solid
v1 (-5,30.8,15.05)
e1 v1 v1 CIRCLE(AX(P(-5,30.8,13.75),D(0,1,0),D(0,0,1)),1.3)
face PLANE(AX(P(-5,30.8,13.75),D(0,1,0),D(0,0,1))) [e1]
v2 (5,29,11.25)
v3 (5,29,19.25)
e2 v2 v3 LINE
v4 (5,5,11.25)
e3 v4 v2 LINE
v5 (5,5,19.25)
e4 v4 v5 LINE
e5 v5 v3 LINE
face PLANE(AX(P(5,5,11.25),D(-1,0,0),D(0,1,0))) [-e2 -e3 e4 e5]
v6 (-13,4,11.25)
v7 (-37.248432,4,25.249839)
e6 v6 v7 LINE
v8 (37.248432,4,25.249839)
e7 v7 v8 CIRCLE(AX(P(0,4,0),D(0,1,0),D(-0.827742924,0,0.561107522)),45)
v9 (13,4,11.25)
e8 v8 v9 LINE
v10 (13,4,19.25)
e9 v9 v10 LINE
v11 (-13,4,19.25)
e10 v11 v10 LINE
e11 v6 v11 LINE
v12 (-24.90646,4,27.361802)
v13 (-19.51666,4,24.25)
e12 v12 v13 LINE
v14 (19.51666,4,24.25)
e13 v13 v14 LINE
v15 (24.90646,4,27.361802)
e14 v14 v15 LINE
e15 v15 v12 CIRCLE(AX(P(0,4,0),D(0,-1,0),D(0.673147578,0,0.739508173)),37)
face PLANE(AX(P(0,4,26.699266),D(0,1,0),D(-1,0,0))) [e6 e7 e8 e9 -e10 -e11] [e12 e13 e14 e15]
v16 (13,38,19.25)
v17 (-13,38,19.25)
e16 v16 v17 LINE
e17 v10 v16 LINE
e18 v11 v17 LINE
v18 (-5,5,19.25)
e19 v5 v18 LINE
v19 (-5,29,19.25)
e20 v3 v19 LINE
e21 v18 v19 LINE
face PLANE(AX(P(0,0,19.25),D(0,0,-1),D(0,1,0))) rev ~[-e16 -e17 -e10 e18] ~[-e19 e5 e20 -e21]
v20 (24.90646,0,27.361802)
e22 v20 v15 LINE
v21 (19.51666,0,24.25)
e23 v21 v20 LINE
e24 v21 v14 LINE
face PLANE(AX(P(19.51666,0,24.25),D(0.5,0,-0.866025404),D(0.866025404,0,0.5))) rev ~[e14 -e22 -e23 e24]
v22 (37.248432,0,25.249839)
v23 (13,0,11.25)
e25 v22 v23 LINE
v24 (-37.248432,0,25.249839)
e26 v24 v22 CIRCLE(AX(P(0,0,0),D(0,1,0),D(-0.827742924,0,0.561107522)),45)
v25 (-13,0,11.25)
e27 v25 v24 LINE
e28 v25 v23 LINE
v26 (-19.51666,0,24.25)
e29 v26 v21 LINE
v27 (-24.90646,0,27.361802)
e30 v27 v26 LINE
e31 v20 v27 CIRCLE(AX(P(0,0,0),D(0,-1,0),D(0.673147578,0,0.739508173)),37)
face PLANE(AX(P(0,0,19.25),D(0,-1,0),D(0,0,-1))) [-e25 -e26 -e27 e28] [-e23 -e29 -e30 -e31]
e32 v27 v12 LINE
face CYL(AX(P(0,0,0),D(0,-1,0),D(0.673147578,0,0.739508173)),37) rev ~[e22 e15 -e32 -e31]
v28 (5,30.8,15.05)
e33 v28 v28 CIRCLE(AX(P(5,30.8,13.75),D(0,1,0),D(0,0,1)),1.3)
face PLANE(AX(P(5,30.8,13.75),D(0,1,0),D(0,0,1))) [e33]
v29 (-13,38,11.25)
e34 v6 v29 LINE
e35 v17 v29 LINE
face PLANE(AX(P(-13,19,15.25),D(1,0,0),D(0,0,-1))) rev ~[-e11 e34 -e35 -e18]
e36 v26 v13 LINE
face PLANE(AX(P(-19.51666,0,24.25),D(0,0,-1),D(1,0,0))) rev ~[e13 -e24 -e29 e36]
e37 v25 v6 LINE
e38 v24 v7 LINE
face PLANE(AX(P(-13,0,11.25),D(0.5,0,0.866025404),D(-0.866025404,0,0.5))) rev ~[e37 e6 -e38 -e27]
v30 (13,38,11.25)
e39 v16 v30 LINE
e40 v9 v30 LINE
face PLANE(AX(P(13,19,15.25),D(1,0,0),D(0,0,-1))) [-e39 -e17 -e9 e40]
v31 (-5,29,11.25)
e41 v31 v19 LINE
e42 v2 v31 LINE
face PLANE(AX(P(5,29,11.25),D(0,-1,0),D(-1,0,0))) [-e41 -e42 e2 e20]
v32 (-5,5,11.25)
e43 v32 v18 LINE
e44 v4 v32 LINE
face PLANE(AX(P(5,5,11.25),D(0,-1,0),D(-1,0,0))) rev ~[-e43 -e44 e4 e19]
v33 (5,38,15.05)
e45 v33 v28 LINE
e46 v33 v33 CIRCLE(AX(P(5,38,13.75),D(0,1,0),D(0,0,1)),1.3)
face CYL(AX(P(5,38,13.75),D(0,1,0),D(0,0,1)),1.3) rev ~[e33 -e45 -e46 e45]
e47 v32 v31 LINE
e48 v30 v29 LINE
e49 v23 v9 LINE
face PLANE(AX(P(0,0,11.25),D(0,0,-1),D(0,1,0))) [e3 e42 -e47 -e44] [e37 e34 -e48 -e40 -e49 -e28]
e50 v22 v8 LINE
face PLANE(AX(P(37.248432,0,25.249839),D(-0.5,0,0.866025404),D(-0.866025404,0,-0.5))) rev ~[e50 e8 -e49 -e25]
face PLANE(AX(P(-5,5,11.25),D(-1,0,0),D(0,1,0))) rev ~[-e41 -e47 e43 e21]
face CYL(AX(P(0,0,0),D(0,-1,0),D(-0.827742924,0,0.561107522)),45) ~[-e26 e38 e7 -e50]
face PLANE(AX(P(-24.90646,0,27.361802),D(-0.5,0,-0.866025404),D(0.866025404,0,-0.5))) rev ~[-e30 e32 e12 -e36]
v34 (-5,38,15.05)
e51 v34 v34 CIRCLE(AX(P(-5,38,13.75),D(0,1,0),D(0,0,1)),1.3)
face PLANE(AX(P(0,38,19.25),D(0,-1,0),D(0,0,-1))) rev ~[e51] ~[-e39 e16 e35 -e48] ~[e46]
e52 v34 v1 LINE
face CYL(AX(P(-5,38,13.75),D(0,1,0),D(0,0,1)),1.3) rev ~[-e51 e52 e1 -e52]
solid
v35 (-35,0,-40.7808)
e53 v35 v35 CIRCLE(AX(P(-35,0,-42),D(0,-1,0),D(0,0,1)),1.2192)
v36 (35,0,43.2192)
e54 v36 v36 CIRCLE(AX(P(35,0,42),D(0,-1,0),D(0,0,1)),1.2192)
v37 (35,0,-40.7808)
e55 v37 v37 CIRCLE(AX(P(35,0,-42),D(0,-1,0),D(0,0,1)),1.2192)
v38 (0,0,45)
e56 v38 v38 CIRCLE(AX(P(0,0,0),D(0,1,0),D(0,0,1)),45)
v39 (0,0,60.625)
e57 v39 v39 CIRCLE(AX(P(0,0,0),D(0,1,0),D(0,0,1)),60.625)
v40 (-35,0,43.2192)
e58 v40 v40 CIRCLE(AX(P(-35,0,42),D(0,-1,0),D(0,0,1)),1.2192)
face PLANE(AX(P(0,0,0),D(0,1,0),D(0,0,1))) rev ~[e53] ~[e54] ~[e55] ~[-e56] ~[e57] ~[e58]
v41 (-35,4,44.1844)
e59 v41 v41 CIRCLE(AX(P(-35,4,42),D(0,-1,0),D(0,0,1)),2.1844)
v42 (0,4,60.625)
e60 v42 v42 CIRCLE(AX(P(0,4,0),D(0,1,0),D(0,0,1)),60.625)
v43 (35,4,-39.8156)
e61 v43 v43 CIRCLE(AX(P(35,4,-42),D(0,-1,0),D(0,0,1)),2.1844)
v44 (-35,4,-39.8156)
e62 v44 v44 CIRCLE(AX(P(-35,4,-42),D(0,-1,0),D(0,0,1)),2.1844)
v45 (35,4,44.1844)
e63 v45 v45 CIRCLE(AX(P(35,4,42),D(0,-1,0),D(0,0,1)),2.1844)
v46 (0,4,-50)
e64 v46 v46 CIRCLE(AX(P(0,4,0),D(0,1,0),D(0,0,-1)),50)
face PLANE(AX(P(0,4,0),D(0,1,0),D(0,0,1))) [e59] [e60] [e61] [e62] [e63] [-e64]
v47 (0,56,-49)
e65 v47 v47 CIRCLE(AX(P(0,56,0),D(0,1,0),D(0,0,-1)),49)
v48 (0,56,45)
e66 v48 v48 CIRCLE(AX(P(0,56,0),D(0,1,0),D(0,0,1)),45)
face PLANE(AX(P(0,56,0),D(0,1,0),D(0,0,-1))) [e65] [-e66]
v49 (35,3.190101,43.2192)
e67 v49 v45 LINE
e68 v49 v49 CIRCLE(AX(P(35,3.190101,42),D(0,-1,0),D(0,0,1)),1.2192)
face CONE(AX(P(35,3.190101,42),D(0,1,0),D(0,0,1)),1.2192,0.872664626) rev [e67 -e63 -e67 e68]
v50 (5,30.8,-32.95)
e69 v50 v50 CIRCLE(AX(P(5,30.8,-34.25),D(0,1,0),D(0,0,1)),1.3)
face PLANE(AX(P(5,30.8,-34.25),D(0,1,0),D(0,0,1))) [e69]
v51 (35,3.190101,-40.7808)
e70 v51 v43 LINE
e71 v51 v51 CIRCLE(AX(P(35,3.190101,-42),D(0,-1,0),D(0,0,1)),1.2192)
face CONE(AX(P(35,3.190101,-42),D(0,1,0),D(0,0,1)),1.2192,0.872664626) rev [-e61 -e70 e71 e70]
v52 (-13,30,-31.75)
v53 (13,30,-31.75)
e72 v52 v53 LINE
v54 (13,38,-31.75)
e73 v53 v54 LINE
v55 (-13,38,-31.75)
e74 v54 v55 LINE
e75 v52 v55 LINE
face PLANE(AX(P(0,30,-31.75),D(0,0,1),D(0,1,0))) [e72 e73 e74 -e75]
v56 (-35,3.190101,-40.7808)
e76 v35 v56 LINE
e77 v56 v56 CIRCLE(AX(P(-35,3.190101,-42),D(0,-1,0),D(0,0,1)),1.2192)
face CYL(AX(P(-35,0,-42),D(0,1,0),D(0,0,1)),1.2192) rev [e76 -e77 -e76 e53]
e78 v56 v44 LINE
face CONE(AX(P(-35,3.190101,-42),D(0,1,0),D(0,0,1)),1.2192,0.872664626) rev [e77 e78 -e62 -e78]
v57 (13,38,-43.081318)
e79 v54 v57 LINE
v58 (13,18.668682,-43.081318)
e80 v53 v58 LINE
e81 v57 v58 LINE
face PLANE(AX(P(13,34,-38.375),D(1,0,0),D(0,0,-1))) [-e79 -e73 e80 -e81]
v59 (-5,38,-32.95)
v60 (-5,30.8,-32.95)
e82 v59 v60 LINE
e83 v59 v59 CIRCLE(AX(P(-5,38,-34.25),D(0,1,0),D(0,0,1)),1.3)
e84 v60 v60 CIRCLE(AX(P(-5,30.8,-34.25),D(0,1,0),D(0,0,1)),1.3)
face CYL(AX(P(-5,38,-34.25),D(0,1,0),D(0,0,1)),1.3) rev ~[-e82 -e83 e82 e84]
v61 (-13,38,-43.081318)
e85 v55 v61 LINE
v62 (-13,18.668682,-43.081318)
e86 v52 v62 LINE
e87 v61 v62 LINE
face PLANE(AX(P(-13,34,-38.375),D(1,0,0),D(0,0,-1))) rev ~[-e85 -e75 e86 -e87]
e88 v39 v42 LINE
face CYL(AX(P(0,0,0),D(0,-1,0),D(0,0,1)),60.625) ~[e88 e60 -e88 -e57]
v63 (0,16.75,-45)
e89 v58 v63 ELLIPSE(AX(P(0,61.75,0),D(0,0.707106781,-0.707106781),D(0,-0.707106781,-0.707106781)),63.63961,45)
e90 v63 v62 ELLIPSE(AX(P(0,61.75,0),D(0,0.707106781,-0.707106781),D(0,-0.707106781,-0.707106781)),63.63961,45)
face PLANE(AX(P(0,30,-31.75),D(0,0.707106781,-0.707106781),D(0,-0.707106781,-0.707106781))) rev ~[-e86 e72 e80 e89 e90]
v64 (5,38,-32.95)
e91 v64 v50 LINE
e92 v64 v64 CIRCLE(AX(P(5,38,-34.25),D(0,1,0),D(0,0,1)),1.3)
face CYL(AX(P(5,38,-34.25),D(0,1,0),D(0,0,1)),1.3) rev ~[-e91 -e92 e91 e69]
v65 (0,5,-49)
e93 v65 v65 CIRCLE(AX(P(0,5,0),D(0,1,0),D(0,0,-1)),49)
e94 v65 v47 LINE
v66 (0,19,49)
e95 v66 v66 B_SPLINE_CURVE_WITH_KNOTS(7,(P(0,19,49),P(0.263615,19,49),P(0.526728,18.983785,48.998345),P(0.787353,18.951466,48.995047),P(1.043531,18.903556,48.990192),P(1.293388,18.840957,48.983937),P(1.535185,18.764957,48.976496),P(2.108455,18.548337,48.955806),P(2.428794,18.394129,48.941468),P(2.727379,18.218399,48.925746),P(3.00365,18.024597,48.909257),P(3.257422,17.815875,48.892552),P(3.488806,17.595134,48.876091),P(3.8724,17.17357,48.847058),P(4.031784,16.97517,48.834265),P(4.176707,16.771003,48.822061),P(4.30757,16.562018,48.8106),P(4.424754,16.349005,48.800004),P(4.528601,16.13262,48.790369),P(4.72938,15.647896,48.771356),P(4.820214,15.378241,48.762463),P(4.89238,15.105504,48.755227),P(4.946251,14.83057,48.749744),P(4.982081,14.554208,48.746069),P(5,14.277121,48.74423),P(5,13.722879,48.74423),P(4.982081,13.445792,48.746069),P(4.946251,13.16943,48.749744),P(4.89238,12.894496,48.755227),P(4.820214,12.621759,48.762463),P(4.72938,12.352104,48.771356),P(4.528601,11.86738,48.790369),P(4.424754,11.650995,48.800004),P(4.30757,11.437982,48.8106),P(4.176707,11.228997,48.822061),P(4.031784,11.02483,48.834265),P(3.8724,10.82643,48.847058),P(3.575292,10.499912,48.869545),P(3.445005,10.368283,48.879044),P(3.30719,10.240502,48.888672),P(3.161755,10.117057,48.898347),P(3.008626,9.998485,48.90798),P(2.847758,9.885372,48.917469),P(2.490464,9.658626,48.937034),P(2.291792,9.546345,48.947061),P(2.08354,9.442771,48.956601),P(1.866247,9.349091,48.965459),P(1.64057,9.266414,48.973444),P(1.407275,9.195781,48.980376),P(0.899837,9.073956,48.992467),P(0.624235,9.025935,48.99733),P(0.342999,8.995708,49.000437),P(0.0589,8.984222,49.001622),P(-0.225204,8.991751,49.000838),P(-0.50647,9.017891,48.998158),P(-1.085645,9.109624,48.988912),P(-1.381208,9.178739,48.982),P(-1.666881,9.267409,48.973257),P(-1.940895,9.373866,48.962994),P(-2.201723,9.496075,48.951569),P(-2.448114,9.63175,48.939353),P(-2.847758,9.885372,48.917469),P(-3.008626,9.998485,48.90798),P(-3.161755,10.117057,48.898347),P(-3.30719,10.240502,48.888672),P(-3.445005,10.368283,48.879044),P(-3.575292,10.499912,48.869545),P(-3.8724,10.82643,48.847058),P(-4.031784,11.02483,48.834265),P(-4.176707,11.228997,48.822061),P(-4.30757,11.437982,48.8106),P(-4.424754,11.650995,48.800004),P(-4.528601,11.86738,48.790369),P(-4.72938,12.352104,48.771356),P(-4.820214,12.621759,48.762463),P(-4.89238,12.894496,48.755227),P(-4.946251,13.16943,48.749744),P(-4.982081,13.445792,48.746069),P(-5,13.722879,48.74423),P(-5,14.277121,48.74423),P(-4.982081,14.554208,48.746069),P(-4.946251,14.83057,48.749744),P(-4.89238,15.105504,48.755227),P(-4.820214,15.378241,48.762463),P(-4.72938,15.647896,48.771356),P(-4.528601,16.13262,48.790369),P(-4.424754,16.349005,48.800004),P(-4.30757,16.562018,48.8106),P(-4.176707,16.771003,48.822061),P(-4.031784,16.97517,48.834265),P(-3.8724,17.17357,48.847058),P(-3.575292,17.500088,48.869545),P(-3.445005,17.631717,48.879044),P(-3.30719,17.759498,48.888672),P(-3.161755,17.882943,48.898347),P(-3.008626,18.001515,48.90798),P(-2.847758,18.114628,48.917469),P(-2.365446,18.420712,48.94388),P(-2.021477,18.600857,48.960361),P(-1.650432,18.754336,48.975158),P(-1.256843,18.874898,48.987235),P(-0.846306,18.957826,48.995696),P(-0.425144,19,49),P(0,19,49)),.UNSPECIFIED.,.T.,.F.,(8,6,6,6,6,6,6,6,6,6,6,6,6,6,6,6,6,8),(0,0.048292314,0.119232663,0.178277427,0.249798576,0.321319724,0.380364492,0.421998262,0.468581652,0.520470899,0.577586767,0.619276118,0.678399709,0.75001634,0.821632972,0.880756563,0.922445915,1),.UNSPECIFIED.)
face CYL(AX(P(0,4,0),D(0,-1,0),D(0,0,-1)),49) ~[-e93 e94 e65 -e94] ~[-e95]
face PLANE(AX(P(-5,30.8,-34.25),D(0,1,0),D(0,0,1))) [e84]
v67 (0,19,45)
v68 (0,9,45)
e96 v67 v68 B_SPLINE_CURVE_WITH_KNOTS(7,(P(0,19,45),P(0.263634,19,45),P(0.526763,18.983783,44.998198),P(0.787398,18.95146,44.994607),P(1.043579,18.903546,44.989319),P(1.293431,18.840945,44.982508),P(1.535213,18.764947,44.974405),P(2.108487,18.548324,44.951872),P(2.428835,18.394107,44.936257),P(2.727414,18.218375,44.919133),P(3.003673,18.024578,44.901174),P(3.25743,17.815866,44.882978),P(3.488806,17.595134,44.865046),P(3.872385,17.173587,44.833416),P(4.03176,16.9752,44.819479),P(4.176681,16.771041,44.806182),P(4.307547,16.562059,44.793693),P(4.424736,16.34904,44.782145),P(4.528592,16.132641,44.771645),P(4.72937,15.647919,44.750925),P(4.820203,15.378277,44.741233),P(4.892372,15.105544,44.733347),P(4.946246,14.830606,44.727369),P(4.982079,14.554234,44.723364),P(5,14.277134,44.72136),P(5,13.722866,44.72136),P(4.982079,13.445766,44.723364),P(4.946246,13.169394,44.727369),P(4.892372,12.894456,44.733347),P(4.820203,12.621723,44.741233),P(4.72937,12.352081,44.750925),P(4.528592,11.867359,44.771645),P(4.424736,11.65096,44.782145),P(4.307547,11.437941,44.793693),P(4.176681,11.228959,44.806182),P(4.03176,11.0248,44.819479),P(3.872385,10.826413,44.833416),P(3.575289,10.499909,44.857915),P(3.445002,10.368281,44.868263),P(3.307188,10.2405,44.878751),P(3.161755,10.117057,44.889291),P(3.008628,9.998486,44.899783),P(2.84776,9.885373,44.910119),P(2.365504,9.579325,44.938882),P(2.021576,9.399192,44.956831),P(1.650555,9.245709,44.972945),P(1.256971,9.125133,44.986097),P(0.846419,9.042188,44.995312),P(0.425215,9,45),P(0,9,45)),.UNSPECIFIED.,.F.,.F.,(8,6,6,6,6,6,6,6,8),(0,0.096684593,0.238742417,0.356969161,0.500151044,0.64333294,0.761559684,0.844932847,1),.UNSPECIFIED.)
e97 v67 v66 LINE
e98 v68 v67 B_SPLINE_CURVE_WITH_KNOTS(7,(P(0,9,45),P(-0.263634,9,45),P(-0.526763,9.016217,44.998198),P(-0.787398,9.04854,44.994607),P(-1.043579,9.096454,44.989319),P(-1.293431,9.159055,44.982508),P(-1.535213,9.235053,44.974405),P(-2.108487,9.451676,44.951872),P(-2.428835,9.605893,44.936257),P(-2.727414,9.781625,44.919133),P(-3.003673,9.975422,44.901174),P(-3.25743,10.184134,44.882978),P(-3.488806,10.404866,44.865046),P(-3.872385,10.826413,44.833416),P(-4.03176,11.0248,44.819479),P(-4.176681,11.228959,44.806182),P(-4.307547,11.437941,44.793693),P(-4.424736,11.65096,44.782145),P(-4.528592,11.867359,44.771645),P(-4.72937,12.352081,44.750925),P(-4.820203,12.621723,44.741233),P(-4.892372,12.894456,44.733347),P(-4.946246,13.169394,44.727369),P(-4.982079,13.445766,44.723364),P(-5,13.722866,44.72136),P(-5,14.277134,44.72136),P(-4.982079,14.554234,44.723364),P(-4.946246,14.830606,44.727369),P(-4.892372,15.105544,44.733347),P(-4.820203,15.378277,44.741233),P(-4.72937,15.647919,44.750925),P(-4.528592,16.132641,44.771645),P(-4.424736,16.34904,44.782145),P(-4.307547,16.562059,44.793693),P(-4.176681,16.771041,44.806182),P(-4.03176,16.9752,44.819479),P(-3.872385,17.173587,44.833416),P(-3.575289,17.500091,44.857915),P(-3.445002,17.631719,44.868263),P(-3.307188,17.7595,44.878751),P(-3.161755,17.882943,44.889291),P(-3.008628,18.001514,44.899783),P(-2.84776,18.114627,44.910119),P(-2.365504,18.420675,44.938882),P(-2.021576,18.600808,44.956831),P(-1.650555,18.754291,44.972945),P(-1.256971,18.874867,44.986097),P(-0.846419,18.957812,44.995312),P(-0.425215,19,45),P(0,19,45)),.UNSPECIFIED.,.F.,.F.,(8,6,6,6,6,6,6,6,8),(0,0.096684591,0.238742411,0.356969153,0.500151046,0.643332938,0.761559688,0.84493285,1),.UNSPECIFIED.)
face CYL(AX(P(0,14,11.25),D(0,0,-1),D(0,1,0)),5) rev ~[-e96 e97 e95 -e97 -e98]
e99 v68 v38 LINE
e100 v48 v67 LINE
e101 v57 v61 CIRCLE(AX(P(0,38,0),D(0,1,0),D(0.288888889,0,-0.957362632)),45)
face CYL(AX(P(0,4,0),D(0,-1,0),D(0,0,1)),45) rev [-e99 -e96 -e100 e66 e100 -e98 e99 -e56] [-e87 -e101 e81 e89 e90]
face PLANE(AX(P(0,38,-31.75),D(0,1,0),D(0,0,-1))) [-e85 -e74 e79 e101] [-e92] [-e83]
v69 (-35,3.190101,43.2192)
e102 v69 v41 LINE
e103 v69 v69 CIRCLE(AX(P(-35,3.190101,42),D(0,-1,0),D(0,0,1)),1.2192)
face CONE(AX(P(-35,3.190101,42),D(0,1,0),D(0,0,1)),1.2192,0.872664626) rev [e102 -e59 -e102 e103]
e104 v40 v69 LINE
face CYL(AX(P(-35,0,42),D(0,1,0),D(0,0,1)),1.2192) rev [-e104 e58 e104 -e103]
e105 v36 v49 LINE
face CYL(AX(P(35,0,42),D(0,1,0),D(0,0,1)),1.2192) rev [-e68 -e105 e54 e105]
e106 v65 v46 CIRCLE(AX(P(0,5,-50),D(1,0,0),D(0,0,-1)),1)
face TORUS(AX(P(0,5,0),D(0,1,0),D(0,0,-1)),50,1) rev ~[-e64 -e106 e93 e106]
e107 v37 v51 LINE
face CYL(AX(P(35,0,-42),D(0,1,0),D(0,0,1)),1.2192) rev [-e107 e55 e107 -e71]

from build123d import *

# Parameters (mm, degrees)
SKETCH1_R                                 = 60.625
SKETCH1_R_2                               = 45
BOSS_EXTRUDE1_DEPTH                       = 4
SKETCH2_R                                 = 49
SKETCH2_R_2                               = 45
BOSS_EXTRUDE2_DEPTH                       = 52
SKETCH3_W                                 = 13.25
SKETCH3_H                                 = 8
SKETCH3_W_2                               = 8
SKETCH3_H_2                               = 38
BOSS_EXTRUDE3_DEPTH                       = 13
SKETCH4_W                                 = 10
SKETCH4_H                                 = 24
CUT_EXTRUDE1_DEPTH                        = 26
SKETCH7_R                                 = 5
CUT_EXTRUDE2_DEPTH                        = 64
SKETCH11_R                                = 1.3
CUT_EXTRUDE5_DEPTH                        = 7.2
BOSS_EXTRUDE4_DEPTH                       = 4
CSK_FOR_2_FLAT_HEAD_MACHINE_SCREW_2_COUNT = 2
CSK_FOR_2_FLAT_HEAD_MACHINE_SCREW_2_PITCH = 70
CSK_FOR_2_FLAT_HEAD_MACHINE_SCREW_3_COUNT = 2
CSK_FOR_2_FLAT_HEAD_MACHINE_SCREW_3_PITCH = 109.343495463
CSK_FOR_2_FLAT_HEAD_MACHINE_SCREW_4_COUNT = 2
CSK_FOR_2_FLAT_HEAD_MACHINE_SCREW_4_PITCH = 84
FILLET1_R                                 = 1


with BuildPart() as part:
    # Sketch1 → Boss-Extrude1 (new body)
    with BuildSketch(Plane(origin=(0, 0, 0), x_dir=(1, 0, 0), z_dir=(0, 1, 0))):
        with Locations(Location((0, 0, 0), (0, 0, 270))):
            Circle(SKETCH1_R)
        with Locations(Location((0, 0, 0), (0, 0, 270))):
            Circle(SKETCH1_R_2, mode=Mode.SUBTRACT)
    extrude(amount=BOSS_EXTRUDE1_DEPTH)

    # Sketch2 → Boss-Extrude2 (add)
    with BuildSketch(Plane(origin=(0, 4, 0), x_dir=(1, 0, 0), z_dir=(0, 1, 0))):
        with Locations(Location((0, 0, 0), (0, 0, 90))):
            Circle(SKETCH2_R)
        with Locations(Location((0, 0, 0), (0, 0, 270))):
            Circle(SKETCH2_R_2, mode=Mode.SUBTRACT)
    extrude(amount=BOSS_EXTRUDE2_DEPTH)

    # Sketch3 → Boss-Extrude3 (add, symmetric)
    with BuildSketch(Plane(origin=(0, 0, 0), x_dir=(0, 0, -1), z_dir=(1, 0, 0))):
        with Locations((38.375, 34)):
            Rectangle(SKETCH3_W, SKETCH3_H)
        Polygon((45, 16.75), (45, 30), (31.75, 30), align=None)
        with Locations((-15.25, 19)):
            Rectangle(SKETCH3_W_2, SKETCH3_H_2)
    extrude(amount=BOSS_EXTRUDE3_DEPTH, both=True)


with BuildPart() as boss_extrude3_piece_1:
    # of the separate pieces the step leaves, piece 1, a body of its own (boss_extrude3_pieces)
    add(part.part.solids().sort_by_distance((0, 0, 60.625))[0])

    # Sketch7 → Cut-Extrude2 (cut)
    with BuildSketch(Plane(origin=(0, 0, 11.25), x_dir=(-1, 0, 0), z_dir=(0, 0, -1))):
        with Locations(Location((0, 14, 0), (0, 0, 90))):
            Circle(SKETCH7_R)
    extrude(amount=-CUT_EXTRUDE2_DEPTH, mode=Mode.SUBTRACT)


with BuildPart() as boss_extrude3_piece_2:
    # of the separate pieces the step leaves, piece 2, a body of its own (boss_extrude3_pieces)
    add(part.part.solids().sort_by_distance((-13, 38, 11.25))[0])

    # Sketch4 → Cut-Extrude1 (cut)
    with BuildSketch(Plane(origin=(0, 0, 11.25), x_dir=(-1, 0, 0), z_dir=(0, 0, -1))):
        with Locations((0, 17)):
            Rectangle(SKETCH4_W, SKETCH4_H)
    extrude(amount=-CUT_EXTRUDE1_DEPTH, mode=Mode.SUBTRACT)


with BuildPart() as cut_extrude5_tool:
    # Sketch11 → Cut-Extrude5 (new body)
    with BuildSketch(Plane(origin=(0, 38, 0), x_dir=(1, 0, 0), z_dir=(0, 1, 0))):
        with Locations(Location((-5, 34.25, 0), (0, 0, 270))):
            Circle(SKETCH11_R)
        with Locations(Location((5, 34.25, 0), (0, 0, 270))):
            Circle(SKETCH11_R)
        with Locations(Location((-5, -13.75, 0), (0, 0, 270))):
            Circle(SKETCH11_R)
        with Locations(Location((5, -13.75, 0), (0, 0, 270))):
            Circle(SKETCH11_R)
    extrude(amount=-CUT_EXTRUDE5_DEPTH)


with BuildPart() as boss_extrude3_piece_1_1:
    add(boss_extrude3_piece_1.part)

    # Cut-Extrude5: cut by cut_extrude5_tool
    add(cut_extrude5_tool.part, mode=Mode.SUBTRACT)

    # Sketch14 → CSK for #2 Flat Head Machine Screw (100)1 (revolve, cut)
    with BuildSketch(Plane(origin=(35, 4, -42), x_dir=(0, 0, 1), z_dir=(1, 0, 0))):
        Polygon((0, 0), (0, 4), (1.2192, 4), (1.2192, 0.809898964), (2.1844, 0), align=None)
    csk_for_2_flat_head_machine_screw_100 = revolve(axis=Axis((35, 10.35, -42), (0, -1, 0)), mode=Mode.SUBTRACT)

    # CSK for _2 Flat Head Machine Screw _ 2: CSK for #2 Flat Head Machine Screw (100)1 ×2
    with Locations(*[(-i * CSK_FOR_2_FLAT_HEAD_MACHINE_SCREW_2_PITCH, 0, 0) for i in range(1, CSK_FOR_2_FLAT_HEAD_MACHINE_SCREW_2_COUNT)]):
        add(csk_for_2_flat_head_machine_screw_100, mode=Mode.SUBTRACT)

    # CSK for _2 Flat Head Machine Screw _ 3: CSK for #2 Flat Head Machine Screw (100)1 ×2
    with Locations(*[Vector(-0.6401843996644799, 0, 0.7682212795973759) * (i * CSK_FOR_2_FLAT_HEAD_MACHINE_SCREW_3_PITCH) for i in range(1, CSK_FOR_2_FLAT_HEAD_MACHINE_SCREW_3_COUNT)]):
        add(csk_for_2_flat_head_machine_screw_100, mode=Mode.SUBTRACT)

    # CSK for _2 Flat Head Machine Screw _ 4: CSK for #2 Flat Head Machine Screw (100)1 ×2
    with Locations(*[(0, 0, i * CSK_FOR_2_FLAT_HEAD_MACHINE_SCREW_4_PITCH) for i in range(1, CSK_FOR_2_FLAT_HEAD_MACHINE_SCREW_4_COUNT)]):
        add(csk_for_2_flat_head_machine_screw_100, mode=Mode.SUBTRACT)

    # Fillet1
    fillet1_edges = [boss_extrude3_piece_1_1.edges().sort_by_distance(p)[0] for p in [
        (0, 4, 49),
    ]]
    fillet(fillet1_edges, radius=FILLET1_R)


with BuildPart() as boss_extrude3_piece_2_1:
    add(boss_extrude3_piece_2.part)

    # Cut-Extrude5: cut by cut_extrude5_tool
    add(cut_extrude5_tool.part, mode=Mode.SUBTRACT)

    # Sketch12 → Boss-Extrude4 (add)
    with BuildSketch(Plane.XZ):
        with BuildLine():
            Line((13, 11.25), (-13, 11.25))
            Line((-13, 11.25), (-37.248431585, 25.249838503))
            ThreePointArc((-37.248431585, 25.249838503), (0, 45), (37.248431585, 25.249838503))
            Line((37.248431585, 25.249838503), (13, 11.25))
        make_face()
        with BuildLine():
            Line((-24.906460381, 27.361802413), (-19.516660498, 24.25))
            Line((-19.516660498, 24.25), (19.516660498, 24.25))
            Line((19.516660498, 24.25), (24.906460381, 27.361802413))
            ThreePointArc((24.906460381, 27.361802413), (0, 37), (-24.906460381, 27.361802413))
        make_face(mode=Mode.SUBTRACT)
    extrude(amount=-BOSS_EXTRUDE4_DEPTH)


solid = Compound([boss_extrude3_piece_1_1.part, boss_extrude3_piece_2_1.part])
